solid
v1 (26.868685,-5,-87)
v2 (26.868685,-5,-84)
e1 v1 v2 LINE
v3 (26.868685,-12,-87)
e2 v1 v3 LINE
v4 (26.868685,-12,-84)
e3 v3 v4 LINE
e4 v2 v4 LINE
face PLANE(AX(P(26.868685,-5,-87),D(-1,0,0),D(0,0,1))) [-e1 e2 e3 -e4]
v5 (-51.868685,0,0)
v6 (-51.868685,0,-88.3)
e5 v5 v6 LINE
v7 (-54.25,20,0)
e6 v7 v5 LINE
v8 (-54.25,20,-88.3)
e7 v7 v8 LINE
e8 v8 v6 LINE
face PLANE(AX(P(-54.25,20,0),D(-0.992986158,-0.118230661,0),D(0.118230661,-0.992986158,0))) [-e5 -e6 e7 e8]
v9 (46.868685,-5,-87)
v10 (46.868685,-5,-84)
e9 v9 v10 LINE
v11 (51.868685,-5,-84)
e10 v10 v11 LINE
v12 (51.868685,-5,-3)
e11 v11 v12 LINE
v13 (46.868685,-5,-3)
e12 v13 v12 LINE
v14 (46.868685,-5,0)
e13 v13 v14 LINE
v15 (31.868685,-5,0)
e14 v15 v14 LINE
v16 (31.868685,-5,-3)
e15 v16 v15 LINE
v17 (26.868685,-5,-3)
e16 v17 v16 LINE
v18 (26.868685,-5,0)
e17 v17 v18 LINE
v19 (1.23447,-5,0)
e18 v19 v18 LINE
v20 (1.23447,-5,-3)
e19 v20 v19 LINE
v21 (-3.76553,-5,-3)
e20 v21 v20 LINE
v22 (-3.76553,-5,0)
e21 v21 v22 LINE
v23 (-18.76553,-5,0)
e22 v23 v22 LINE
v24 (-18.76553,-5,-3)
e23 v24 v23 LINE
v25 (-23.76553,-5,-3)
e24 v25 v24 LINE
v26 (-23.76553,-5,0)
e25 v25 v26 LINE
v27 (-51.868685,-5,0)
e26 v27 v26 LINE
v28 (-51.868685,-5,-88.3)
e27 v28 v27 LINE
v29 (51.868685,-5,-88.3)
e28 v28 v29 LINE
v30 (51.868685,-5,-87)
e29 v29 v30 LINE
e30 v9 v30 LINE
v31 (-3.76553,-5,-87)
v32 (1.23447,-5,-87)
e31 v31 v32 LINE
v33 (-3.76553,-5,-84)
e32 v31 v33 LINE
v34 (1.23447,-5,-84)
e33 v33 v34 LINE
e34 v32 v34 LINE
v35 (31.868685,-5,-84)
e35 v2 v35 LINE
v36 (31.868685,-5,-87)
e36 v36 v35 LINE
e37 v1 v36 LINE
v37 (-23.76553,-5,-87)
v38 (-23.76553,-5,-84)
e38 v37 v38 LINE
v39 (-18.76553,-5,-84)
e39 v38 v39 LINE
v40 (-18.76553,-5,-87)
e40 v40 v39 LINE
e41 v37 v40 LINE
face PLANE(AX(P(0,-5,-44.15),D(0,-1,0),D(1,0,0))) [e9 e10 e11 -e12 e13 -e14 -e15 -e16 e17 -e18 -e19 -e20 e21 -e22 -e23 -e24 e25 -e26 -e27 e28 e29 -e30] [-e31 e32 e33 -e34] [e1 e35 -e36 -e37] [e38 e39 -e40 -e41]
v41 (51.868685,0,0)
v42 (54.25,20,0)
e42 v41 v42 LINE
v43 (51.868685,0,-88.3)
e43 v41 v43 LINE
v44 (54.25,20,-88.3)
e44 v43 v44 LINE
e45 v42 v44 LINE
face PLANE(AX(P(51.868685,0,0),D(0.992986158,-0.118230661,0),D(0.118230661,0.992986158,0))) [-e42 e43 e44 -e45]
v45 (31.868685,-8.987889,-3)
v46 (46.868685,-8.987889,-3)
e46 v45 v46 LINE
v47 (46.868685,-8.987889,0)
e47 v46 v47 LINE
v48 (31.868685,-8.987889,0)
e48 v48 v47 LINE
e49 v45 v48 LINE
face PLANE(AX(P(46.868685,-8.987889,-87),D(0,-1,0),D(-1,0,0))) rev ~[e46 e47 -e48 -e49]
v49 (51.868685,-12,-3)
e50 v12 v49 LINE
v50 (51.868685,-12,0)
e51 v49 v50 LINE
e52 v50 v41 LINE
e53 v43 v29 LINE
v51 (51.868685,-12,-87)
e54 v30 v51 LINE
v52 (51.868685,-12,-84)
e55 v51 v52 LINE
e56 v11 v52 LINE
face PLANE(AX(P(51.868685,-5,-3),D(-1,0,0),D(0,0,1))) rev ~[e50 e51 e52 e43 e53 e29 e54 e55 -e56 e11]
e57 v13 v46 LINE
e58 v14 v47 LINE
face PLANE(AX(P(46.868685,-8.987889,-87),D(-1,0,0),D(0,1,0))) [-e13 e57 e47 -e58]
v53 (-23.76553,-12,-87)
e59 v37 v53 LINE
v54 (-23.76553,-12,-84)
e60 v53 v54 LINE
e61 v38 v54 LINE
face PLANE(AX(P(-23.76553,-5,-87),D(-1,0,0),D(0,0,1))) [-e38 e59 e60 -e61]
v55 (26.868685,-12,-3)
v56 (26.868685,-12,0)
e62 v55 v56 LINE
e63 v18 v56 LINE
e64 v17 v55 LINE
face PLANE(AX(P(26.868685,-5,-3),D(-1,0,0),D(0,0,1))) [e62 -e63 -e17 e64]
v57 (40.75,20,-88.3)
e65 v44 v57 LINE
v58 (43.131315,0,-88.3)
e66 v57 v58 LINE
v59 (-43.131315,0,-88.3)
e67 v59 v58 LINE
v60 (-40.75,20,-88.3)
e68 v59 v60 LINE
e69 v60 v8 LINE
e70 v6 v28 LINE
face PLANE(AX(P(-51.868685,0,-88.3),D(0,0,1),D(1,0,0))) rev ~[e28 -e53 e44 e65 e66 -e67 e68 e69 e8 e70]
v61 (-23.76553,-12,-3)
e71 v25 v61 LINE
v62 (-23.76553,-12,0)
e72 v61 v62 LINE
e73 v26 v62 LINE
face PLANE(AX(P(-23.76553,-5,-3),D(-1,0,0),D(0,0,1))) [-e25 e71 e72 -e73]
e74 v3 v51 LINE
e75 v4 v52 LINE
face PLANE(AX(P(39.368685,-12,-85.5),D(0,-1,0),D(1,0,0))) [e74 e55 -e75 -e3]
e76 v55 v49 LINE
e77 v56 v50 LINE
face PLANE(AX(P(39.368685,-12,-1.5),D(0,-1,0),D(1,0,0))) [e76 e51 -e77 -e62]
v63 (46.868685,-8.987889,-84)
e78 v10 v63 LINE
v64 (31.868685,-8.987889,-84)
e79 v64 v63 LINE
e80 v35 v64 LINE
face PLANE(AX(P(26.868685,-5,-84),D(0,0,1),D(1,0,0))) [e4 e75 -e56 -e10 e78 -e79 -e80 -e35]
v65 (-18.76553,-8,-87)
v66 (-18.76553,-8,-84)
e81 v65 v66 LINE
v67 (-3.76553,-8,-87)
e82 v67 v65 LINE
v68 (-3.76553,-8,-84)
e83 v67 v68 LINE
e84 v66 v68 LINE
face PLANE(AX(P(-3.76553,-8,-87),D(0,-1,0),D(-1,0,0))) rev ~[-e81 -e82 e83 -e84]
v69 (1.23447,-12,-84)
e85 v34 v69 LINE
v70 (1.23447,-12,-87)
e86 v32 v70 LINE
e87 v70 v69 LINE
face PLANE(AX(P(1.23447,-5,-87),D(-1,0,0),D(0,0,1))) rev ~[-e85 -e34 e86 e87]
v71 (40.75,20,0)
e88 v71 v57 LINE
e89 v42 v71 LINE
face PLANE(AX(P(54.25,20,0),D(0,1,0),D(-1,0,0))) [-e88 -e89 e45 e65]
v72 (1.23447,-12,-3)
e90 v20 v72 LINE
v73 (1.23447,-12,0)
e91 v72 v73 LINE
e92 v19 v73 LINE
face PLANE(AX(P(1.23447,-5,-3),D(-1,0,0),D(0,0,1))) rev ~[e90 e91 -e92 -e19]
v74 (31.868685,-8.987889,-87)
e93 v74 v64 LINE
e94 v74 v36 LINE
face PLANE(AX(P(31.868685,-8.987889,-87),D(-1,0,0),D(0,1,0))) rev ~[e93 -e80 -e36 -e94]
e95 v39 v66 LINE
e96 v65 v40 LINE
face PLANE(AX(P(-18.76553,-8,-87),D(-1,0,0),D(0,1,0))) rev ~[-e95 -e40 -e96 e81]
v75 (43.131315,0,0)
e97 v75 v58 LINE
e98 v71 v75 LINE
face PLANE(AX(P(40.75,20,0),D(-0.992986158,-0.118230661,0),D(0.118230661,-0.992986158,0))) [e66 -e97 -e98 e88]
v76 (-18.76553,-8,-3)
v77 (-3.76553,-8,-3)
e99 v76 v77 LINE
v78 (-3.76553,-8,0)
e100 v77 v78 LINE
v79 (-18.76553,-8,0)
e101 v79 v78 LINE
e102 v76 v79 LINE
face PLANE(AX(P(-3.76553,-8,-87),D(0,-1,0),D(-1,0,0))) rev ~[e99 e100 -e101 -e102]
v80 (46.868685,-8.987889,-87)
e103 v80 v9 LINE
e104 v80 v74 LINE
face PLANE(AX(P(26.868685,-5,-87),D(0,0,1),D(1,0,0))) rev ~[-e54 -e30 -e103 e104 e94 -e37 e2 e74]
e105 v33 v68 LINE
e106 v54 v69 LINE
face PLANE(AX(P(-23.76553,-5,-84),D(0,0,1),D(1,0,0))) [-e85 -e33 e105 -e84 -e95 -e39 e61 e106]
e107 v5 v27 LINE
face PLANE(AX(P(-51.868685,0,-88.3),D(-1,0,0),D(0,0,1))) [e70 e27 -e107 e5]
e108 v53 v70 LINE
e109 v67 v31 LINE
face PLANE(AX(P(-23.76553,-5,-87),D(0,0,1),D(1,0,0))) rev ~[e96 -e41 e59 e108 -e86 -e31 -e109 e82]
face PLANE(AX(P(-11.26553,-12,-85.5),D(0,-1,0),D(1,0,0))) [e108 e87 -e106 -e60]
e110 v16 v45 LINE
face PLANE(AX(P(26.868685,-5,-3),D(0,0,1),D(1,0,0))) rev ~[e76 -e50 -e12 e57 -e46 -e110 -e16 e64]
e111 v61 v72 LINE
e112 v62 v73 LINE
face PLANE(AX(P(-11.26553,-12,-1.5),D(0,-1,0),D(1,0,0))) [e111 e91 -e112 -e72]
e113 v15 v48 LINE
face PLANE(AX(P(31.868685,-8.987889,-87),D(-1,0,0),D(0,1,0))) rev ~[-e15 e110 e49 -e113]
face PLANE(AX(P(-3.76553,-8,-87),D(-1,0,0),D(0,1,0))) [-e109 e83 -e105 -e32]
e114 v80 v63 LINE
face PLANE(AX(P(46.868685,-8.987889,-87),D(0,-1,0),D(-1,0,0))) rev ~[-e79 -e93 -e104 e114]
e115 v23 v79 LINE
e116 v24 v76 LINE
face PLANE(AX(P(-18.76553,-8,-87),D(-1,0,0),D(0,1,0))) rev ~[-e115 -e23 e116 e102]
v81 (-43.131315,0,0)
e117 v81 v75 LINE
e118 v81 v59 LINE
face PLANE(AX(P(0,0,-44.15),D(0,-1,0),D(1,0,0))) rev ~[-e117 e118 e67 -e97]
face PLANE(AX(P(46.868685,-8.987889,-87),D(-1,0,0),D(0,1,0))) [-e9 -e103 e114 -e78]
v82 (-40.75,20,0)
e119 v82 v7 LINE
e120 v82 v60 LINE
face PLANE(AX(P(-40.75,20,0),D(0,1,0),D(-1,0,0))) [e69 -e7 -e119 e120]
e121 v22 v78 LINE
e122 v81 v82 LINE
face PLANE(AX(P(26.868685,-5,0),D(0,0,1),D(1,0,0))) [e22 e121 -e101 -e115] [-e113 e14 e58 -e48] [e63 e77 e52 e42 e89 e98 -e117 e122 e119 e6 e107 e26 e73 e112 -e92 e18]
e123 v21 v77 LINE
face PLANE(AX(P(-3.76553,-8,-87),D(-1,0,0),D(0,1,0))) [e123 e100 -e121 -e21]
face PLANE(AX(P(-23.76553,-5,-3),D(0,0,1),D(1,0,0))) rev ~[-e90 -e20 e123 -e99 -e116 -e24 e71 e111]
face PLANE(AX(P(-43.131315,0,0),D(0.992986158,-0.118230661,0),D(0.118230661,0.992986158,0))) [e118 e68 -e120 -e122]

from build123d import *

# Parameters (mm, degrees)
BOSS_EXTRUDE1_DEPTH   = 88.3
BOSS_EXTRUDE1_2_DEPTH = 88.3
SKETCH2_W             = 103.737369208
SKETCH2_H             = 88.3
BOSS_EXTRUDE2_DEPTH   = 5
SKETCH4_W             = 25
SKETCH4_H             = 3
BOSS_EXTRUDE4_DEPTH   = 7
SKETCH6_W             = 15
SKETCH6_H             = 3
SKETCH6_H_2           = 3.987889175
CUT_EXTRUDE2_DEPTH    = 97


with BuildPart() as part:
    # Sketch1 → Boss-Extrude1 (new body)
    with BuildSketch(Plane.XY):
        Polygon((-51.868684604, 0), (-47.5, 0), (-43.131315396, 0), (-40.75, 20), (-54.25, 20), align=None)
    extrude(amount=-BOSS_EXTRUDE1_DEPTH)



with BuildPart() as body_2:
    # Sketch1 → Boss-Extrude1 2 (new body)
    with BuildSketch(Plane.XY):
        Polygon((40.75, 20), (43.131315396, 0), (47.5, 0), (51.868684604, 0), (54.25, 20), align=None)
    extrude(amount=-BOSS_EXTRUDE1_2_DEPTH)


with BuildPart() as part_1:
    add(part.part)

    add(body_2.part)  # Boss-Extrude2 merges body 2
    # Sketch2 → Boss-Extrude2 (add)
    with BuildSketch(Plane.XZ):
        with Locations((0, -44.15)):
            Rectangle(SKETCH2_W, SKETCH2_H)
    extrude(amount=BOSS_EXTRUDE2_DEPTH)

    # Sketch4 → Boss-Extrude4 (add)
    with BuildSketch(Plane.XZ.offset(5)):
        with Locations((39.368684604, -1.5)):
            Rectangle(SKETCH4_W, SKETCH4_H)
        with Locations((-11.265529701, -1.5)):
            Rectangle(SKETCH4_W, SKETCH4_H)
        with Locations((39.368684604, -85.5)):
            Rectangle(SKETCH4_W, SKETCH4_H)
        with Locations((-11.265529701, -85.5)):
            Rectangle(SKETCH4_W, SKETCH4_H)
    extrude(amount=BOSS_EXTRUDE4_DEPTH)

    # Sketch6 → Cut-Extrude2 (cut)
    with BuildSketch(Plane(origin=(0, 0, -87), x_dir=(-1, 0, 0), z_dir=(0, 0, -1))):
        with Locations((11.265529701, -6.5)):
            Rectangle(SKETCH6_W, SKETCH6_H)
        with Locations((-39.368684604, -6.993944588)):
            Rectangle(SKETCH6_W, SKETCH6_H_2)
    extrude(amount=-CUT_EXTRUDE2_DEPTH, mode=Mode.SUBTRACT)


solid = part_1.part
